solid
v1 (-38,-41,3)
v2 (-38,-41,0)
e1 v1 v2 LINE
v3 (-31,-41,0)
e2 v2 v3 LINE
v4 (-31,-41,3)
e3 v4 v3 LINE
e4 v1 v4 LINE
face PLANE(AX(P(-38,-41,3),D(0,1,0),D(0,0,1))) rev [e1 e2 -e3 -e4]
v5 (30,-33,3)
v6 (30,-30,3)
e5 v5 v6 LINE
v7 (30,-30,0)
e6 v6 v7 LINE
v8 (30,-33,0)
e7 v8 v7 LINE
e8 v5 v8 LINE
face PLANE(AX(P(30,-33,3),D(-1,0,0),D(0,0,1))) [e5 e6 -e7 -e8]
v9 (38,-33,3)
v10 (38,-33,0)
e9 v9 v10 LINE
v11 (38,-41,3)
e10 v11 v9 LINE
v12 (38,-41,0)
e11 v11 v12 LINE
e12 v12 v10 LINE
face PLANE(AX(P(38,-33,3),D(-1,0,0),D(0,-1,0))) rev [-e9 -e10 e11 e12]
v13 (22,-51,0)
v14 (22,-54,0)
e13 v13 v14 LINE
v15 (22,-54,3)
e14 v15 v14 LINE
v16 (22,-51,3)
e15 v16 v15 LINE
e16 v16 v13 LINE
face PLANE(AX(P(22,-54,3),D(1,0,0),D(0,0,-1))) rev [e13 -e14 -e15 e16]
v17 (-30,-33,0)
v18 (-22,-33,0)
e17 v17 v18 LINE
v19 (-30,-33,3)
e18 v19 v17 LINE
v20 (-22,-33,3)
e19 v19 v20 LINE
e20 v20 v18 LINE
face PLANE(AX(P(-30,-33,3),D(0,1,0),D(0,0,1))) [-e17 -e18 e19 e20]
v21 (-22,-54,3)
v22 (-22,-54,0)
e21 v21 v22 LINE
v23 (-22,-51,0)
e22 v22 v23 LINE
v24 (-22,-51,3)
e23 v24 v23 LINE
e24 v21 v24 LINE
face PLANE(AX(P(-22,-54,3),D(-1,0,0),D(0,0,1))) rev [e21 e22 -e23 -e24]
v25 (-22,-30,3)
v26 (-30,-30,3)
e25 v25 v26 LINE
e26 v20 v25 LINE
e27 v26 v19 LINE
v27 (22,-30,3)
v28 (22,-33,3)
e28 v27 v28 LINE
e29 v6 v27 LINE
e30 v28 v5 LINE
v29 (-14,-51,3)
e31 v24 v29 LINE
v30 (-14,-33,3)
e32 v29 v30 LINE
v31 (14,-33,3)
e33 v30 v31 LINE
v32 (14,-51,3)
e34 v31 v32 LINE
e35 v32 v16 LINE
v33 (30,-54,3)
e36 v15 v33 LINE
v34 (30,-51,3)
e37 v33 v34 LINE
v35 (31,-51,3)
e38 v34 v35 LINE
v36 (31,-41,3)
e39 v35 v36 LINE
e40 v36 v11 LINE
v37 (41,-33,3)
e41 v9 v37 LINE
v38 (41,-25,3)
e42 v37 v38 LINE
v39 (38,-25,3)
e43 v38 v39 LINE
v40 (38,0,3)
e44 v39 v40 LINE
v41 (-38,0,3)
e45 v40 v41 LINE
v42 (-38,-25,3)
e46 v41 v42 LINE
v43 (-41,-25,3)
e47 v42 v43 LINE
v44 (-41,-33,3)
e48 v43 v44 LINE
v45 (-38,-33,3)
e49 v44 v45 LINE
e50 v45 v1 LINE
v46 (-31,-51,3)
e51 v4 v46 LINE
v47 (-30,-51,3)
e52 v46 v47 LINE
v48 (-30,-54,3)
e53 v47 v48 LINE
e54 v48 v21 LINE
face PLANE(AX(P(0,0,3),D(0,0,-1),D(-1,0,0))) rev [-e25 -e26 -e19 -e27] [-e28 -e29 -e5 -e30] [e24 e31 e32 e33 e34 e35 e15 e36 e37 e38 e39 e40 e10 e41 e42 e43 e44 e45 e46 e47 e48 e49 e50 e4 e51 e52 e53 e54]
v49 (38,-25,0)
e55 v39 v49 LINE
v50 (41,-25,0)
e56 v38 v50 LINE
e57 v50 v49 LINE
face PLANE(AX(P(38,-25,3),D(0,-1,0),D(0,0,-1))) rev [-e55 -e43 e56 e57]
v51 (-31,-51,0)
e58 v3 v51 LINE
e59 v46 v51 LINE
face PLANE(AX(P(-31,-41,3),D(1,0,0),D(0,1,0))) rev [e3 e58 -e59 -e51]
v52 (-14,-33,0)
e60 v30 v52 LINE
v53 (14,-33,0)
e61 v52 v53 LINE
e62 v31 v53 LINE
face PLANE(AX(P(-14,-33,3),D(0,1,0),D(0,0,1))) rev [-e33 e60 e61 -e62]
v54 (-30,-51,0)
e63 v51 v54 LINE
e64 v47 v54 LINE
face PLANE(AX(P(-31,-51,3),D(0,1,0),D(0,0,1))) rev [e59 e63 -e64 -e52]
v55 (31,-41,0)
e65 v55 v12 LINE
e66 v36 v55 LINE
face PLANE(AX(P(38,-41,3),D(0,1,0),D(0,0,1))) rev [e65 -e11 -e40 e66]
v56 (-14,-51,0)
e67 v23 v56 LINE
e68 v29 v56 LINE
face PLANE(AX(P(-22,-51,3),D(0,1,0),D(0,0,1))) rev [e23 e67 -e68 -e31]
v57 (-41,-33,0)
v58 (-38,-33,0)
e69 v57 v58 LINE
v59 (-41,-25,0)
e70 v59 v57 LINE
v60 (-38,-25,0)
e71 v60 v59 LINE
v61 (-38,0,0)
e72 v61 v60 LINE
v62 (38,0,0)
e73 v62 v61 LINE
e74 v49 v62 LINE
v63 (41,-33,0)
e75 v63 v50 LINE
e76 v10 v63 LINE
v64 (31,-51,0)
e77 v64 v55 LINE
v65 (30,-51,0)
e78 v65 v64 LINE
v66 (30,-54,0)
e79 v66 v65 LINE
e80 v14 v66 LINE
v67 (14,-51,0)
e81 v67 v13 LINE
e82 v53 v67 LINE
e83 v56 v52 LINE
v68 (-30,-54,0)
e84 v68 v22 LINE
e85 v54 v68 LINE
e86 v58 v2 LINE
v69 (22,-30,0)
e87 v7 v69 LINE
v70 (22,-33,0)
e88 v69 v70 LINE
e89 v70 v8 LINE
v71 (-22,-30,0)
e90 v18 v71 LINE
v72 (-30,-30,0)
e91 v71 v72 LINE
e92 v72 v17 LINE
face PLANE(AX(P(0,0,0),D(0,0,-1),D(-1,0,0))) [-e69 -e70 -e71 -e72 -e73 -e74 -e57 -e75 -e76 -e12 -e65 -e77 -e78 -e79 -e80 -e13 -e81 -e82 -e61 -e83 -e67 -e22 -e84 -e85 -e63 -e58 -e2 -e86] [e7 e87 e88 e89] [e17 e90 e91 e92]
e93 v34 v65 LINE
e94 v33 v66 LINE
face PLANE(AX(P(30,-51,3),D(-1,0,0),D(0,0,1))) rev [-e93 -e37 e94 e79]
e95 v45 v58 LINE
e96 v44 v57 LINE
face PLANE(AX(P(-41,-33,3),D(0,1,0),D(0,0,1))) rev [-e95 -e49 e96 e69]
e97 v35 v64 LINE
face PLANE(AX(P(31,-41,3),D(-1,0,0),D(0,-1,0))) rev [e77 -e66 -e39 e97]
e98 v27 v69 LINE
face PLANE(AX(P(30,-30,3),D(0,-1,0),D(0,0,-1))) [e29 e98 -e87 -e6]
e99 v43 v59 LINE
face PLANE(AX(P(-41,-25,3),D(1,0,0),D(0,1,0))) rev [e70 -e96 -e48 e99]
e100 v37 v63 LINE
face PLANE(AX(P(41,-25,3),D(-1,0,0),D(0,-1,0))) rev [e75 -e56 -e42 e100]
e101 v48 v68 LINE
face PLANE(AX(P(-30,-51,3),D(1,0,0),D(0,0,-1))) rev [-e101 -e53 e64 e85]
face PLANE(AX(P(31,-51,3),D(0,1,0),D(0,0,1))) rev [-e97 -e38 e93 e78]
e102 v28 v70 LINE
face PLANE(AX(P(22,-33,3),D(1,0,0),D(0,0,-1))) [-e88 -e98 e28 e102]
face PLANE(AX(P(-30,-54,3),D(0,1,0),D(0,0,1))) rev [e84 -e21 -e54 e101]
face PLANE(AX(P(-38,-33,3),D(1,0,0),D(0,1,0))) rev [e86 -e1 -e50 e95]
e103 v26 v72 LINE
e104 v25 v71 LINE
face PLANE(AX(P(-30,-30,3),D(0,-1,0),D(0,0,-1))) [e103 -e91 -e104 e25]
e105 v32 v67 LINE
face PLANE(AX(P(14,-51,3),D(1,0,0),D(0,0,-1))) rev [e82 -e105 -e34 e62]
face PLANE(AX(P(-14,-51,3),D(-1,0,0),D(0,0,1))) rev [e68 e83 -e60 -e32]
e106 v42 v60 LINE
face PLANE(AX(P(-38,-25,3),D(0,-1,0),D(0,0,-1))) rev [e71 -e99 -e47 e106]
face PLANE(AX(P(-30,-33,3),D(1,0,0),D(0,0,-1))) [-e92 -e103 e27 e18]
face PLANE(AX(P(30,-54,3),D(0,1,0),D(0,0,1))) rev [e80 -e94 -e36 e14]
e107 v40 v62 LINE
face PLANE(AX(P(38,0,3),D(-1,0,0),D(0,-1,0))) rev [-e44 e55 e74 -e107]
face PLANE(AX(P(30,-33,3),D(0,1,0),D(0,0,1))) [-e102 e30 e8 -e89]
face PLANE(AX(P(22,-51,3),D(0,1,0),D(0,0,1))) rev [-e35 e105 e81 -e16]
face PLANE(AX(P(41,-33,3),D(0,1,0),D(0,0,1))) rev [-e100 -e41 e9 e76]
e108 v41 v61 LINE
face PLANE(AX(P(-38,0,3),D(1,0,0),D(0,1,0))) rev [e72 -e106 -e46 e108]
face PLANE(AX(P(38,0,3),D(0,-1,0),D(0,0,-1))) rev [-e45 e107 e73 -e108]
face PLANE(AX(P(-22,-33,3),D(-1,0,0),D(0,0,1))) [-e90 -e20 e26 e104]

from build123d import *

# Parameters (mm, degrees)
SKETCH_1_W      = 8
SKETCH_1_H      = 3
EXTRUDE_1_DEPTH = 3


with BuildPart() as part:
    # 草图1 → 凸台-拉伸1 (new body)
    with BuildSketch(Plane.XY):
        Polygon((38, 0), (-38, 0), (-38, -25), (-41, -25), (-41, -33), (-38, -33), (-38, -41), (-31, -41), (-31, -51), (-30, -51), (-30, -54), (-22, -54), (-22, -51), (-14, -51), (-14, -33), (14, -33), (14, -51), (22, -51), (22, -54), (30, -54), (30, -51), (31, -51), (31, -41), (38, -41), (38, -33), (41, -33), (41, -25), (38, -25), align=None)
        with Locations((26, -31.5)):
            Rectangle(SKETCH_1_W, SKETCH_1_H, mode=Mode.SUBTRACT)
        with Locations((-26, -31.5)):
            Rectangle(SKETCH_1_W, SKETCH_1_H, mode=Mode.SUBTRACT)
    extrude(amount=EXTRUDE_1_DEPTH)


solid = part.part
